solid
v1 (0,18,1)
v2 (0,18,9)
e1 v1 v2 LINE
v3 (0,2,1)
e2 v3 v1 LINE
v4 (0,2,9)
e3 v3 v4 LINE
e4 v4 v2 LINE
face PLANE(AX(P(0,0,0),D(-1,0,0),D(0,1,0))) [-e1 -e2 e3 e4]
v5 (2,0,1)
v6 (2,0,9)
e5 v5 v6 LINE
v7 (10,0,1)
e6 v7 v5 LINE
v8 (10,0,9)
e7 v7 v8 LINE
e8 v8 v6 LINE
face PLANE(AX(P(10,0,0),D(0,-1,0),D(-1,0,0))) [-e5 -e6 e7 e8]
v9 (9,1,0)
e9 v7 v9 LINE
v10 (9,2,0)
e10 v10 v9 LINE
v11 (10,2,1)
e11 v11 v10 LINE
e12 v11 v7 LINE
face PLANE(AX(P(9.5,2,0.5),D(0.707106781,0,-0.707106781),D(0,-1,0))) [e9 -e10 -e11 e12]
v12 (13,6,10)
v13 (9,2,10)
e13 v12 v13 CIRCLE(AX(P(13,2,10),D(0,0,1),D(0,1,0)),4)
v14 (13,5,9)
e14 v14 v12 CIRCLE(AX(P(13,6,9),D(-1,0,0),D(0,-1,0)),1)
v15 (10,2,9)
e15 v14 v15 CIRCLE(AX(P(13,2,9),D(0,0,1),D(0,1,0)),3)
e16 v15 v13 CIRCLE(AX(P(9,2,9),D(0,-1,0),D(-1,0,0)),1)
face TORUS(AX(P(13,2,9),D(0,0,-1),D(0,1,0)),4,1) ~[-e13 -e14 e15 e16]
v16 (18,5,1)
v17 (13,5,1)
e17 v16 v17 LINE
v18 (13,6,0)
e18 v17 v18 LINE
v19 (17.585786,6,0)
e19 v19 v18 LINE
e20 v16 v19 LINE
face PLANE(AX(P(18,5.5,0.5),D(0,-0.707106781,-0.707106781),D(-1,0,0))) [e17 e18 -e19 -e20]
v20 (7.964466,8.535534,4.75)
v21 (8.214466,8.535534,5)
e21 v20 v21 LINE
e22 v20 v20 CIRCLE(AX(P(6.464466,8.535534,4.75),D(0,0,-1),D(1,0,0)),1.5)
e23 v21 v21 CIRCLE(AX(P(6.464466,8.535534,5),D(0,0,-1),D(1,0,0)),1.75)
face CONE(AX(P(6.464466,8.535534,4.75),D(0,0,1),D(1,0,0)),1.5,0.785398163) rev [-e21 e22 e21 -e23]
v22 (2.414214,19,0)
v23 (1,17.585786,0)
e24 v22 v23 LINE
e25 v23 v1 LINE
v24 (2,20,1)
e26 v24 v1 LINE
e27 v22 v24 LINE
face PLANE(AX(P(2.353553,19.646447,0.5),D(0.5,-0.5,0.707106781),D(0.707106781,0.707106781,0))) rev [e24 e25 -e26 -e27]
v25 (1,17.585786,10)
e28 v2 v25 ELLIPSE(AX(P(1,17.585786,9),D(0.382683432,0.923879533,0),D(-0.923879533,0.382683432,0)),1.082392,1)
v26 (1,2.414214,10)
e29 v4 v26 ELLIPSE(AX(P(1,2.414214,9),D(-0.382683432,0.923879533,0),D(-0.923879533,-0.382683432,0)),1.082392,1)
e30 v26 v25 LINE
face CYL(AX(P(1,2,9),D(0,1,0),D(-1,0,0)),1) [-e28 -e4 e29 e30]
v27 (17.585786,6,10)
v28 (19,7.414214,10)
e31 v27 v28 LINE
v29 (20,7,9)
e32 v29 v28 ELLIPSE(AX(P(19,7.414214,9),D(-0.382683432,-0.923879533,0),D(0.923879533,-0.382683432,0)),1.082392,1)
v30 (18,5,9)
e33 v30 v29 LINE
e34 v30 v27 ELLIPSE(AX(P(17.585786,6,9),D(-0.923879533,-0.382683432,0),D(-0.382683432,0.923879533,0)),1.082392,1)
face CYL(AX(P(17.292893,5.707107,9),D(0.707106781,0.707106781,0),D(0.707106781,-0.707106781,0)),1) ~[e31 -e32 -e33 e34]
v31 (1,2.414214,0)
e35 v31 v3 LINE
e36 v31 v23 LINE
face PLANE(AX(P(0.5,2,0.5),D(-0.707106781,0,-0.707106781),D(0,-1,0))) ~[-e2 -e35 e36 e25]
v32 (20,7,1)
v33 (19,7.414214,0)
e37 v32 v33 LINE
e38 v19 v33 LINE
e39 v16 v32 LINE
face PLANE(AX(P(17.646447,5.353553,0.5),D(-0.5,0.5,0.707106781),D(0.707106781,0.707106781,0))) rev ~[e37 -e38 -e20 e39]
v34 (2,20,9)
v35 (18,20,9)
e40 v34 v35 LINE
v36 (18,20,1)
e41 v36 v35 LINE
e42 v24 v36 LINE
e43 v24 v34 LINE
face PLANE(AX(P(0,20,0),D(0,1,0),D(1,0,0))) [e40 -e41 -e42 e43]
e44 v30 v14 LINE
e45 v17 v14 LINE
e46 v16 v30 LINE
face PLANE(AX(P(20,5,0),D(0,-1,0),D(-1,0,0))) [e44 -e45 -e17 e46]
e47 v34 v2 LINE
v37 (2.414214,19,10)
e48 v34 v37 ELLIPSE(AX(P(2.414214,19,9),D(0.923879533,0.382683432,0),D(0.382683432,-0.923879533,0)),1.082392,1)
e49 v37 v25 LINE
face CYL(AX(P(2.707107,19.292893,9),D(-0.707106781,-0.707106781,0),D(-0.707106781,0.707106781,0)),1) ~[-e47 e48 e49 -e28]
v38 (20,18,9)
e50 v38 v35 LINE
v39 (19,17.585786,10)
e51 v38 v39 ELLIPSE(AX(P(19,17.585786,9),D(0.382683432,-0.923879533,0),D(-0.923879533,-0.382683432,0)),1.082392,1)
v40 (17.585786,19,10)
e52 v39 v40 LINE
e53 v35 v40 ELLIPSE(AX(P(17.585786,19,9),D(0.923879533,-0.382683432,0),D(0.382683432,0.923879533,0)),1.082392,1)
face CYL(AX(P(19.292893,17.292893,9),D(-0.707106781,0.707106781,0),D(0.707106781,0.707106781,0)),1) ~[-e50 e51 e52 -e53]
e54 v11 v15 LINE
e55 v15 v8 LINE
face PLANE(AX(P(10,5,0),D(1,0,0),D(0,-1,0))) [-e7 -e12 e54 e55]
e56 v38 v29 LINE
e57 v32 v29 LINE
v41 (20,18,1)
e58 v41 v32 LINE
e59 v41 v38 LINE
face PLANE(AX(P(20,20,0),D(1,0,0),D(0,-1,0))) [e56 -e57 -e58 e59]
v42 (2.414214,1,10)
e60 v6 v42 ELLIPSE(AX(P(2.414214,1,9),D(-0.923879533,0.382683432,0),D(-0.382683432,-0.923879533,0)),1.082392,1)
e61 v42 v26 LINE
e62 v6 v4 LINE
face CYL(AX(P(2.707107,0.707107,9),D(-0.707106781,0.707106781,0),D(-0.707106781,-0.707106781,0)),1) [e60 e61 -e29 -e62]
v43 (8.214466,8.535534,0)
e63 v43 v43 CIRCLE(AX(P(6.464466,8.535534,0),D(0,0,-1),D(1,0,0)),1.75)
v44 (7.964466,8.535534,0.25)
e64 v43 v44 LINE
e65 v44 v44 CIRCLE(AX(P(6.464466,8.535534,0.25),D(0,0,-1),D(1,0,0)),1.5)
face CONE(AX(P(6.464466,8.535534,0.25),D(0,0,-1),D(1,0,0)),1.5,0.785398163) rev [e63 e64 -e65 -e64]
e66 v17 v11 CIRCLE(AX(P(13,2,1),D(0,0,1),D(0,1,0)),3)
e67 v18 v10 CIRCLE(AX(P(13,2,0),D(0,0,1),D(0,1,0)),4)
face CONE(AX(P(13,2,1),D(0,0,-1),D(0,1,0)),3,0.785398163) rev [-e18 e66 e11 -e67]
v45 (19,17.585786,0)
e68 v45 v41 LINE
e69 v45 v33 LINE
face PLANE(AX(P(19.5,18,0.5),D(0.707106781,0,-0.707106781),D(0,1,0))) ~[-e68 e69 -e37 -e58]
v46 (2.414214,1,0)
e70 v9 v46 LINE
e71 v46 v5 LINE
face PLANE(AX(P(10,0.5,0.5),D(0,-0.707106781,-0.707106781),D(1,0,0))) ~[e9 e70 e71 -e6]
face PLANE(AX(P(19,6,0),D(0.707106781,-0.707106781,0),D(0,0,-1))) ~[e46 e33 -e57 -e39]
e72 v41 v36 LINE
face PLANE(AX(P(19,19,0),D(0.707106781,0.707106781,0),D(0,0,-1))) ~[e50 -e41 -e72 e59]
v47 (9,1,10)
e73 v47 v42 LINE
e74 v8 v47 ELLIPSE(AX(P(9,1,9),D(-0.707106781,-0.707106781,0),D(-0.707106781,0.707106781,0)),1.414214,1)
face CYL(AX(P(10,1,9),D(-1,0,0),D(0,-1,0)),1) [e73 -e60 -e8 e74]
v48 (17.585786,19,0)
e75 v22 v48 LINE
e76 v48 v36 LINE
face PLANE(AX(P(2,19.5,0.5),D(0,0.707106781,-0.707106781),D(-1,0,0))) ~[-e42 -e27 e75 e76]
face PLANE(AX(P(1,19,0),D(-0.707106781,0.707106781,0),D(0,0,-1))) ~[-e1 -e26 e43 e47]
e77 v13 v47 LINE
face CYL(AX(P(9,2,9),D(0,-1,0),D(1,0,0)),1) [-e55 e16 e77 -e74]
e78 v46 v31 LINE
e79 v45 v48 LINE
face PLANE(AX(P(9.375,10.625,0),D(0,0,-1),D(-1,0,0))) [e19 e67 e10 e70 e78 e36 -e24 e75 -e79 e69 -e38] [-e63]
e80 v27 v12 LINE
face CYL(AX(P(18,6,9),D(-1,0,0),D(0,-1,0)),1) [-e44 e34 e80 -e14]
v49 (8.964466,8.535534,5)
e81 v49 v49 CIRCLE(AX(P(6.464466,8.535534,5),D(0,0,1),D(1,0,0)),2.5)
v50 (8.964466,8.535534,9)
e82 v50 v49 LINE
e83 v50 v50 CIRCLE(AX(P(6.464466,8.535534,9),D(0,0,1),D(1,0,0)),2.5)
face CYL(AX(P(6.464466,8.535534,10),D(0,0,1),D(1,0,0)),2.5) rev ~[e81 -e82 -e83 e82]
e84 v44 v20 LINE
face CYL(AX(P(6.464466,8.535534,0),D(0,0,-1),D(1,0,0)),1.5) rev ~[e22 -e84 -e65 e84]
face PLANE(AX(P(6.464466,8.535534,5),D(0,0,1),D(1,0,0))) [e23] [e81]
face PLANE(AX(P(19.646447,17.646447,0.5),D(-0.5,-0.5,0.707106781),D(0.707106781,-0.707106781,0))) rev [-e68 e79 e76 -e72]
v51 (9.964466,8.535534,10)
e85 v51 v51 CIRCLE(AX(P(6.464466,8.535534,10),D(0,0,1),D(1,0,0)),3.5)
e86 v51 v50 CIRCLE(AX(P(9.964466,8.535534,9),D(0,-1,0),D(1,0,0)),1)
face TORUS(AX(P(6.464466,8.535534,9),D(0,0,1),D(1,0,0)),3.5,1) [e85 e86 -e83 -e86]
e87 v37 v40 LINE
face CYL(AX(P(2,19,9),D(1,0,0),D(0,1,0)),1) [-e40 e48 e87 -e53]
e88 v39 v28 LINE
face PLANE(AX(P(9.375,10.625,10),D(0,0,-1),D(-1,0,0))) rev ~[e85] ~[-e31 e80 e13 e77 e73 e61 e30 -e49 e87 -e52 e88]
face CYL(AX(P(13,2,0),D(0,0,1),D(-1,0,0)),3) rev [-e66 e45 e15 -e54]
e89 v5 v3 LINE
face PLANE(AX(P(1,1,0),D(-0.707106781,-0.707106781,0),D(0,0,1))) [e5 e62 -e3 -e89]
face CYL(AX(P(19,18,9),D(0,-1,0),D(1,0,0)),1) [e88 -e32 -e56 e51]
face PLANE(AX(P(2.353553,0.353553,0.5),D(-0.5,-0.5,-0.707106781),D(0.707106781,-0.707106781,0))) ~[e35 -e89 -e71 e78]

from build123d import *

# Parameters (mm, degrees)
PAD_DEPTH       = 10
SKETCH001_R     = 2.5
POCKET_DEPTH    = 5
FILLET_R        = 3
CHAMFER_SIZE    = 2
FILLET001_R     = 1
CHAMFER001_SIZE = 1
SKETCH003_R     = 1.5
POCKET001_DEPTH = 5
CHAMFER002_SIZE = 0.25


with BuildPart() as part:
    # Sketch → Pad (new body)
    with BuildSketch(Plane.XY):
        Polygon((0, 0), (0, 20), (20, 20), (20, 5), (10, 5), (10, 0), align=None)
    extrude(amount=PAD_DEPTH)

    # Sketch001 (on Face8 of Pad) → Pocket (cut)
    with BuildSketch(Plane.XY.offset(10)):
        with Locations((6.464466, 8.535534)):
            Circle(SKETCH001_R)
    extrude(amount=-POCKET_DEPTH, mode=Mode.SUBTRACT)

    # Fillet
    fillet_edges = [part.edges().sort_by_distance(p)[0] for p in [
        (10, 5, 5),
    ]]
    fillet(fillet_edges, radius=FILLET_R)

    # Chamfer
    chamfer_edges = [part.edges().sort_by_distance(p)[0] for p in [
        (0, 0, 5),
        (20, 5, 5),
        (20, 20, 5),
        (0, 20, 5),
    ]]
    chamfer(chamfer_edges, length=CHAMFER_SIZE)

    # Fillet001
    fillet001_edges = [part.edges().sort_by_distance(p)[0] for p in [
        (6, 0, 10),
        (1, 1, 10),
        (10, 1, 10),
        (0, 10, 10),
        (10.87868, 4.12132, 10),
        (1, 19, 10),
        (15.5, 5, 10),
        (10, 20, 10),
        (19, 6, 10),
        (19, 19, 10),
        (20, 12.5, 10),
        (3.964466, 8.535534, 10),
    ]]
    fillet(fillet001_edges, radius=FILLET001_R)

    # Chamfer001
    chamfer001_edges = [part.edges().sort_by_distance(p)[0] for p in [
        (15.5, 5, 0),
        (19, 6, 0),
        (10.87868, 4.12132, 0),
        (20, 12.5, 0),
        (10, 1, 0),
        (19, 19, 0),
        (6, 0, 0),
        (10, 20, 0),
        (1, 1, 0),
        (1, 19, 0),
        (0, 10, 0),
    ]]
    chamfer(chamfer001_edges, length=CHAMFER001_SIZE)

    # Sketch003 (on Face9 of Chamfer001) → Pocket001 (cut)
    with BuildSketch(Plane(origin=(0, 0, 0), x_dir=(1, 0, 0), z_dir=(0, 0, -1))):
        with Locations((6.464466, -8.535534)):
            Circle(SKETCH003_R)
    extrude(amount=-POCKET001_DEPTH, mode=Mode.SUBTRACT)

    # Chamfer002
    chamfer002_edges = [part.edges().sort_by_distance(p)[0] for p in [
        (4.964466, 8.535534, 0),
        (4.964466, 8.535534, 5),
    ]]
    chamfer(chamfer002_edges, length=CHAMFER002_SIZE)


solid = part.part
